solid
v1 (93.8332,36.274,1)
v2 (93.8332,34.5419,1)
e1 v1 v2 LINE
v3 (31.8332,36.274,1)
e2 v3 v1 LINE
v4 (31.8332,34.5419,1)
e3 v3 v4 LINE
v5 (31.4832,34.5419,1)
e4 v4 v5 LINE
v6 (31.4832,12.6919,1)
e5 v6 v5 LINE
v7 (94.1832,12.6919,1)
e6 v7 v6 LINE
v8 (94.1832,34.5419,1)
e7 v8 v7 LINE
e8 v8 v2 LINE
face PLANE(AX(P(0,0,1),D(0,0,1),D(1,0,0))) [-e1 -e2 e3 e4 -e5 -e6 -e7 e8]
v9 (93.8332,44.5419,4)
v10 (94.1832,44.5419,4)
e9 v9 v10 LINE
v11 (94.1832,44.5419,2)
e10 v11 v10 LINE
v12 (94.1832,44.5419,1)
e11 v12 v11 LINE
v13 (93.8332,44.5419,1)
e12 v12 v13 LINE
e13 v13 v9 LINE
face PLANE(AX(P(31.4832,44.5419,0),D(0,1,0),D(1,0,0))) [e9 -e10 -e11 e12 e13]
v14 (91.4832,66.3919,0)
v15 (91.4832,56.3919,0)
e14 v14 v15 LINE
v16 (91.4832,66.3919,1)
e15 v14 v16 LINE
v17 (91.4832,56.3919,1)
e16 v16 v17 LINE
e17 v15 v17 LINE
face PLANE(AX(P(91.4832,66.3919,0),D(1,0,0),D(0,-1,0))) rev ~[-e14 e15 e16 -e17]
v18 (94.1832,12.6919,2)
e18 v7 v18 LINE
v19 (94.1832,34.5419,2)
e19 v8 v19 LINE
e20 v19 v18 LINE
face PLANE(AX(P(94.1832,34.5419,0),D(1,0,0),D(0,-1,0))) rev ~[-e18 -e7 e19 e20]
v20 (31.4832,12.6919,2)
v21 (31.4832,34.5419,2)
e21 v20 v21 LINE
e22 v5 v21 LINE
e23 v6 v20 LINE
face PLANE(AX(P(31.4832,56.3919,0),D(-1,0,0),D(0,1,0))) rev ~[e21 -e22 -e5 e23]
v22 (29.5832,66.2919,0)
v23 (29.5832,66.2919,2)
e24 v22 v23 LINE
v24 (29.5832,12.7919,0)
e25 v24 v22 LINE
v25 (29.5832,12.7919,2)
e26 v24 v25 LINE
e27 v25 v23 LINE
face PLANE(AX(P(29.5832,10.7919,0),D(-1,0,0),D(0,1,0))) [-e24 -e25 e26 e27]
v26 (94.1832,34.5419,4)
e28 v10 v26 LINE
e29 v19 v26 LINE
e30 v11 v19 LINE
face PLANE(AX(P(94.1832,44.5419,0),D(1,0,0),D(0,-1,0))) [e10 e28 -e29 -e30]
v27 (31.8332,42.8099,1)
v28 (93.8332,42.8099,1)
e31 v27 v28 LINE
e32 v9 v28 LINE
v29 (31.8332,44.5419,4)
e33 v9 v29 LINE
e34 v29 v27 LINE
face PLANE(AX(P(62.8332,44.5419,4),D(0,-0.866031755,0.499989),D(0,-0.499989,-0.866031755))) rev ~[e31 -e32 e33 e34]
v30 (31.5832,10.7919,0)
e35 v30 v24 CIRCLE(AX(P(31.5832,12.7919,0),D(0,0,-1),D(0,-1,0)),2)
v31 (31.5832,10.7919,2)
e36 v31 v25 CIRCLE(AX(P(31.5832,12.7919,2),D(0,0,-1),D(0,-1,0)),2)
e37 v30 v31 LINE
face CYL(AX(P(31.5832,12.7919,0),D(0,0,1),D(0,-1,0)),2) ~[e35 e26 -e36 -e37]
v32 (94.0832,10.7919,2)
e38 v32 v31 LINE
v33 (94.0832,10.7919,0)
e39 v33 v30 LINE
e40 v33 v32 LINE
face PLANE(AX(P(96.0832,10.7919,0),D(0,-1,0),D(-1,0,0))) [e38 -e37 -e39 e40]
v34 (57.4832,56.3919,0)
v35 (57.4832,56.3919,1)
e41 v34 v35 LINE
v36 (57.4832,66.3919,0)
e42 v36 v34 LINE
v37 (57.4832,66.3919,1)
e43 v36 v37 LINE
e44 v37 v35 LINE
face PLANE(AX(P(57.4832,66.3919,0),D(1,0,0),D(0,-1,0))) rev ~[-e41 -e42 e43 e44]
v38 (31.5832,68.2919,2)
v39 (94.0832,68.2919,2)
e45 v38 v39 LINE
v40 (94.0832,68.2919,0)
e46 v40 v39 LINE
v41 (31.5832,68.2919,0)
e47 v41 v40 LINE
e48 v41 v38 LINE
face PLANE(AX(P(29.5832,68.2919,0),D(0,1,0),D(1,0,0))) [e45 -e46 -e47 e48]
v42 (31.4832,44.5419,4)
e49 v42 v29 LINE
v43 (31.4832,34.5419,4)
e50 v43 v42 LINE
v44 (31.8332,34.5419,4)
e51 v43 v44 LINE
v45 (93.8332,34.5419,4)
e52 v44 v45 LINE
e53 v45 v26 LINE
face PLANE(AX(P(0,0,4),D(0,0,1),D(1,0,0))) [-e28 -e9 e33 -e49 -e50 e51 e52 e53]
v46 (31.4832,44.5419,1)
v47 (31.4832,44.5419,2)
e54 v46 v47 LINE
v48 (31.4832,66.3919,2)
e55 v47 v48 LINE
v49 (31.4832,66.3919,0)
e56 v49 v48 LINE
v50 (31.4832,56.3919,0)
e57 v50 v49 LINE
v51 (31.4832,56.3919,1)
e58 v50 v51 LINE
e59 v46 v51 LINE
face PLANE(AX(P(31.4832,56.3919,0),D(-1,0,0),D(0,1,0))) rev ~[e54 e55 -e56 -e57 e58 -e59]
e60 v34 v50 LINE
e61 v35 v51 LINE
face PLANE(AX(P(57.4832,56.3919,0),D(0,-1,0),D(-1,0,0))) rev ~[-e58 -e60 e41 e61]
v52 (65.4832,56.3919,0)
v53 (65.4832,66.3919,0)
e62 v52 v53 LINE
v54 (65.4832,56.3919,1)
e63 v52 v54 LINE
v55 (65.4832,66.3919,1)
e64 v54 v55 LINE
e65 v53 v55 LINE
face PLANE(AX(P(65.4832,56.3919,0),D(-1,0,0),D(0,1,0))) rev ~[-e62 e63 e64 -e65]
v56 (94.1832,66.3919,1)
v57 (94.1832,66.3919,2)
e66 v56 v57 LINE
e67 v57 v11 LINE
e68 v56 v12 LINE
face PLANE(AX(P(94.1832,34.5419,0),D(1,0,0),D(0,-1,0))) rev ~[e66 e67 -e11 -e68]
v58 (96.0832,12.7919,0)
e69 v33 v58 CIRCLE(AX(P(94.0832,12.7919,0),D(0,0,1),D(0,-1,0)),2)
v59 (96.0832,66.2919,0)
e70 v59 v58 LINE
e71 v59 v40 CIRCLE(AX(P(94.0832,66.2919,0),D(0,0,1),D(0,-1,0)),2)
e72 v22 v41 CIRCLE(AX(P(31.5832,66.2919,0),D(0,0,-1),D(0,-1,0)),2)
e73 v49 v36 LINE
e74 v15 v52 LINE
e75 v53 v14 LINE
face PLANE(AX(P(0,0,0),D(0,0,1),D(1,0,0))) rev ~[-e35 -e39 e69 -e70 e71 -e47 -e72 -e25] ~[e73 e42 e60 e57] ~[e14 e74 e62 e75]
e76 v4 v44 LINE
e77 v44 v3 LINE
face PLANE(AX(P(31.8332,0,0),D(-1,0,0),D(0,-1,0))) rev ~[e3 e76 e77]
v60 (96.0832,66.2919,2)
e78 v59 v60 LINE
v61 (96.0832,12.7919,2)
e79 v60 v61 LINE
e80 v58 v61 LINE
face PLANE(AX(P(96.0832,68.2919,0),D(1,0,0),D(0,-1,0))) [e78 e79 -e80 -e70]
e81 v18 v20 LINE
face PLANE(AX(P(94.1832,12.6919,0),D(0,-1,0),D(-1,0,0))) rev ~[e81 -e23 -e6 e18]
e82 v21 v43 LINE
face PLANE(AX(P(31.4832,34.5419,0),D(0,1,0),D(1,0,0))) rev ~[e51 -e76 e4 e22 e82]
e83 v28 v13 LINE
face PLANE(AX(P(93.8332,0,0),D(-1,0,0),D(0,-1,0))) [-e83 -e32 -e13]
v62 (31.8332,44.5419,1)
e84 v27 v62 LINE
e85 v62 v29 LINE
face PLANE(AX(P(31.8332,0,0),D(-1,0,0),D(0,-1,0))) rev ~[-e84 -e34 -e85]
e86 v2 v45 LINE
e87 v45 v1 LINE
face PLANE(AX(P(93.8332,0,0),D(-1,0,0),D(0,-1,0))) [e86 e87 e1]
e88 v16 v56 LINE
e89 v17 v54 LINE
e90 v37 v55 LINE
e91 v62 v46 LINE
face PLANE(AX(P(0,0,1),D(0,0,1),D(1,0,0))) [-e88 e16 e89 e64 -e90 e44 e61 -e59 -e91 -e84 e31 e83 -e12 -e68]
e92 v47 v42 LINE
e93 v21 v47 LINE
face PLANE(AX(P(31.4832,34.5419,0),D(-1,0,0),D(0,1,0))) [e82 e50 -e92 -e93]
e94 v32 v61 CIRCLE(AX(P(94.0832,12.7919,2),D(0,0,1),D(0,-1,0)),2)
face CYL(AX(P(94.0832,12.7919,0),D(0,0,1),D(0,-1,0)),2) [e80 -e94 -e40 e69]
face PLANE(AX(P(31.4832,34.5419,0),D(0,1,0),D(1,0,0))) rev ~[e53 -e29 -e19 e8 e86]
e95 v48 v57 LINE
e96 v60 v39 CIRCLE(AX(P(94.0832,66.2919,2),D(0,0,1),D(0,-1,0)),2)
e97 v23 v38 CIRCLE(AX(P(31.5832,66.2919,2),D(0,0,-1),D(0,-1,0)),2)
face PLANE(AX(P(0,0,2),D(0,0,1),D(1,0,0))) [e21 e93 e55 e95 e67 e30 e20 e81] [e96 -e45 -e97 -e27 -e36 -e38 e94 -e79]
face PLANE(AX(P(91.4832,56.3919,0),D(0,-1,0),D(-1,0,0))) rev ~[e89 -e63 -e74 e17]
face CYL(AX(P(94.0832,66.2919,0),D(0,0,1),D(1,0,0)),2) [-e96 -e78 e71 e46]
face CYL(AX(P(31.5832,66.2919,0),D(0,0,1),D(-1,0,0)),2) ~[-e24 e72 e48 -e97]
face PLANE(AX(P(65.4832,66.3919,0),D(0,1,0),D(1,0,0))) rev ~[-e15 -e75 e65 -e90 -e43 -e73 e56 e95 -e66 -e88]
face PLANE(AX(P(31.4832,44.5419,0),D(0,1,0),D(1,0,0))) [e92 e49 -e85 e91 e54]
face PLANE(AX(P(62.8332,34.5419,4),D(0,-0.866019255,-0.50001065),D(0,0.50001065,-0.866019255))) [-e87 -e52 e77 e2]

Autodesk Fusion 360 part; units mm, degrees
sketch "Schizzo1" plane through (0, 0, 0) normal (0, 0, 1) x (1, 0, 0)
  line L0 (29.4832, 68.3919) -> (96.1832, 68.3919) construction
  line L1 (96.1832, 68.3919) -> (96.1832, 10.6919) construction
  line L2 (96.1832, 10.6919) -> (29.4832, 10.6919) construction
  line L3 (29.4832, 10.6919) -> (29.4832, 68.3919) construction
  line L4 (96.0832, 10.7919) -> (29.5832, 10.7919)
  line L5 (29.5832, 10.7919) -> (29.5832, 68.2919)
  line L6 (29.5832, 68.2919) -> (96.0832, 68.2919)
  line L7 (96.0832, 68.2919) -> (96.0832, 10.7919)
  line L8 (94.1832, 12.6919) -> (31.4832, 12.6919)
  line L9 (31.4832, 12.6919) -> (31.4832, 66.3919)
  line L10 (31.4832, 66.3919) -> (94.1832, 66.3919)
  line L11 (94.1832, 66.3919) -> (94.1832, 12.6919)
  line L12 (31.4832, 66.3919) -> (57.4832, 66.3919)
  line L13 (57.4832, 66.3919) -> (57.4832, 56.3919)
  line L14 (57.4832, 56.3919) -> (31.4832, 56.3919)
  line L15 (31.4832, 56.3919) -> (31.4832, 66.3919)
  line L16 (65.4832, 66.3919) -> (91.4832, 66.3919)
  line L17 (91.4832, 56.3919) -> (65.4832, 56.3919)
  line L18 (91.4832, 66.3919) -> (91.4832, 56.3919)
  line L19 (65.4832, 56.3919) -> (65.4832, 66.3919)
  line L20 (29.4832, 39.5419) -> (96.1832, 39.5419) construction
  line L21 (31.4832, 44.5419) -> (94.1832, 44.5419)
  line L22 (31.4832, 34.5419) -> (94.1832, 34.5419)
  line L23 (62.8332, 68.3919) -> (62.8332, 10.7919) construction
  dimension "d1" = 66.7
  dimension "d2" = 57.7
  dimension "d3" = 0.1
  dimension "d4" = 2
  dimension "d5" = 26
  dimension "d6" = 10
  dimension "d9" = 34
  dimension "d10" = 0
  dimension "d16" = 10
extrude "Estrusione1" add sketch "Schizzo1" along normal blind 1 contours L8 L9 L11 L22 | L9 L11 L21 L22 | L9 L10 L11 L13 L14 L17 L18 L19 L21
extrude "Estrusione2" add sketch "Schizzo1" along normal blind 2
fillet "Raccordo1" radius 2 4 edges at (29.5832, 10.7919, 1) (96.0832, 10.7919, 1) (96.0832, 68.2919, 1) (29.5832, 68.2919, 1)
extrude "Estrusione3" add sketch "Schizzo1" along normal blind 4 contours L9 L11 L21 L22
ref_plane "Piano di lavoro1" through (62.8332, 39.5919, 0) normal (-1, 0, 0) x (0, -1, 0)
sketch "Schizzo2" plane through (62.8332, 0, 0) normal (-1, 0, 0) x (0, -1, 0)
  line L0 (-34.5419, 1) -> (-44.5419, 1) construction
  line L1 (-34.5419, 1) -> (-34.5419, 4)
  line L2 (-34.5419, 4) -> (-36.274, 1)
  line L3 (-36.274, 1) -> (-34.5419, 1)
  line L4 (-39.5419, 1) -> (-39.5419, 4) construction
  line L5 (-44.5419, 4) -> (-34.5419, 4) construction
  line L6 (-44.5419, 4) -> (-42.8099, 1)
  line L7 (-42.8099, 1) -> (-44.5419, 1)
  line L8 (-44.5419, 1) -> (-44.5419, 4)
  point P0 (-34.5419, 1)
  point P1 (-44.5419, 1)
  dimension "d20" = 30
extrude "Estrusione4" cut sketch "Schizzo2" along normal mid plane 62
